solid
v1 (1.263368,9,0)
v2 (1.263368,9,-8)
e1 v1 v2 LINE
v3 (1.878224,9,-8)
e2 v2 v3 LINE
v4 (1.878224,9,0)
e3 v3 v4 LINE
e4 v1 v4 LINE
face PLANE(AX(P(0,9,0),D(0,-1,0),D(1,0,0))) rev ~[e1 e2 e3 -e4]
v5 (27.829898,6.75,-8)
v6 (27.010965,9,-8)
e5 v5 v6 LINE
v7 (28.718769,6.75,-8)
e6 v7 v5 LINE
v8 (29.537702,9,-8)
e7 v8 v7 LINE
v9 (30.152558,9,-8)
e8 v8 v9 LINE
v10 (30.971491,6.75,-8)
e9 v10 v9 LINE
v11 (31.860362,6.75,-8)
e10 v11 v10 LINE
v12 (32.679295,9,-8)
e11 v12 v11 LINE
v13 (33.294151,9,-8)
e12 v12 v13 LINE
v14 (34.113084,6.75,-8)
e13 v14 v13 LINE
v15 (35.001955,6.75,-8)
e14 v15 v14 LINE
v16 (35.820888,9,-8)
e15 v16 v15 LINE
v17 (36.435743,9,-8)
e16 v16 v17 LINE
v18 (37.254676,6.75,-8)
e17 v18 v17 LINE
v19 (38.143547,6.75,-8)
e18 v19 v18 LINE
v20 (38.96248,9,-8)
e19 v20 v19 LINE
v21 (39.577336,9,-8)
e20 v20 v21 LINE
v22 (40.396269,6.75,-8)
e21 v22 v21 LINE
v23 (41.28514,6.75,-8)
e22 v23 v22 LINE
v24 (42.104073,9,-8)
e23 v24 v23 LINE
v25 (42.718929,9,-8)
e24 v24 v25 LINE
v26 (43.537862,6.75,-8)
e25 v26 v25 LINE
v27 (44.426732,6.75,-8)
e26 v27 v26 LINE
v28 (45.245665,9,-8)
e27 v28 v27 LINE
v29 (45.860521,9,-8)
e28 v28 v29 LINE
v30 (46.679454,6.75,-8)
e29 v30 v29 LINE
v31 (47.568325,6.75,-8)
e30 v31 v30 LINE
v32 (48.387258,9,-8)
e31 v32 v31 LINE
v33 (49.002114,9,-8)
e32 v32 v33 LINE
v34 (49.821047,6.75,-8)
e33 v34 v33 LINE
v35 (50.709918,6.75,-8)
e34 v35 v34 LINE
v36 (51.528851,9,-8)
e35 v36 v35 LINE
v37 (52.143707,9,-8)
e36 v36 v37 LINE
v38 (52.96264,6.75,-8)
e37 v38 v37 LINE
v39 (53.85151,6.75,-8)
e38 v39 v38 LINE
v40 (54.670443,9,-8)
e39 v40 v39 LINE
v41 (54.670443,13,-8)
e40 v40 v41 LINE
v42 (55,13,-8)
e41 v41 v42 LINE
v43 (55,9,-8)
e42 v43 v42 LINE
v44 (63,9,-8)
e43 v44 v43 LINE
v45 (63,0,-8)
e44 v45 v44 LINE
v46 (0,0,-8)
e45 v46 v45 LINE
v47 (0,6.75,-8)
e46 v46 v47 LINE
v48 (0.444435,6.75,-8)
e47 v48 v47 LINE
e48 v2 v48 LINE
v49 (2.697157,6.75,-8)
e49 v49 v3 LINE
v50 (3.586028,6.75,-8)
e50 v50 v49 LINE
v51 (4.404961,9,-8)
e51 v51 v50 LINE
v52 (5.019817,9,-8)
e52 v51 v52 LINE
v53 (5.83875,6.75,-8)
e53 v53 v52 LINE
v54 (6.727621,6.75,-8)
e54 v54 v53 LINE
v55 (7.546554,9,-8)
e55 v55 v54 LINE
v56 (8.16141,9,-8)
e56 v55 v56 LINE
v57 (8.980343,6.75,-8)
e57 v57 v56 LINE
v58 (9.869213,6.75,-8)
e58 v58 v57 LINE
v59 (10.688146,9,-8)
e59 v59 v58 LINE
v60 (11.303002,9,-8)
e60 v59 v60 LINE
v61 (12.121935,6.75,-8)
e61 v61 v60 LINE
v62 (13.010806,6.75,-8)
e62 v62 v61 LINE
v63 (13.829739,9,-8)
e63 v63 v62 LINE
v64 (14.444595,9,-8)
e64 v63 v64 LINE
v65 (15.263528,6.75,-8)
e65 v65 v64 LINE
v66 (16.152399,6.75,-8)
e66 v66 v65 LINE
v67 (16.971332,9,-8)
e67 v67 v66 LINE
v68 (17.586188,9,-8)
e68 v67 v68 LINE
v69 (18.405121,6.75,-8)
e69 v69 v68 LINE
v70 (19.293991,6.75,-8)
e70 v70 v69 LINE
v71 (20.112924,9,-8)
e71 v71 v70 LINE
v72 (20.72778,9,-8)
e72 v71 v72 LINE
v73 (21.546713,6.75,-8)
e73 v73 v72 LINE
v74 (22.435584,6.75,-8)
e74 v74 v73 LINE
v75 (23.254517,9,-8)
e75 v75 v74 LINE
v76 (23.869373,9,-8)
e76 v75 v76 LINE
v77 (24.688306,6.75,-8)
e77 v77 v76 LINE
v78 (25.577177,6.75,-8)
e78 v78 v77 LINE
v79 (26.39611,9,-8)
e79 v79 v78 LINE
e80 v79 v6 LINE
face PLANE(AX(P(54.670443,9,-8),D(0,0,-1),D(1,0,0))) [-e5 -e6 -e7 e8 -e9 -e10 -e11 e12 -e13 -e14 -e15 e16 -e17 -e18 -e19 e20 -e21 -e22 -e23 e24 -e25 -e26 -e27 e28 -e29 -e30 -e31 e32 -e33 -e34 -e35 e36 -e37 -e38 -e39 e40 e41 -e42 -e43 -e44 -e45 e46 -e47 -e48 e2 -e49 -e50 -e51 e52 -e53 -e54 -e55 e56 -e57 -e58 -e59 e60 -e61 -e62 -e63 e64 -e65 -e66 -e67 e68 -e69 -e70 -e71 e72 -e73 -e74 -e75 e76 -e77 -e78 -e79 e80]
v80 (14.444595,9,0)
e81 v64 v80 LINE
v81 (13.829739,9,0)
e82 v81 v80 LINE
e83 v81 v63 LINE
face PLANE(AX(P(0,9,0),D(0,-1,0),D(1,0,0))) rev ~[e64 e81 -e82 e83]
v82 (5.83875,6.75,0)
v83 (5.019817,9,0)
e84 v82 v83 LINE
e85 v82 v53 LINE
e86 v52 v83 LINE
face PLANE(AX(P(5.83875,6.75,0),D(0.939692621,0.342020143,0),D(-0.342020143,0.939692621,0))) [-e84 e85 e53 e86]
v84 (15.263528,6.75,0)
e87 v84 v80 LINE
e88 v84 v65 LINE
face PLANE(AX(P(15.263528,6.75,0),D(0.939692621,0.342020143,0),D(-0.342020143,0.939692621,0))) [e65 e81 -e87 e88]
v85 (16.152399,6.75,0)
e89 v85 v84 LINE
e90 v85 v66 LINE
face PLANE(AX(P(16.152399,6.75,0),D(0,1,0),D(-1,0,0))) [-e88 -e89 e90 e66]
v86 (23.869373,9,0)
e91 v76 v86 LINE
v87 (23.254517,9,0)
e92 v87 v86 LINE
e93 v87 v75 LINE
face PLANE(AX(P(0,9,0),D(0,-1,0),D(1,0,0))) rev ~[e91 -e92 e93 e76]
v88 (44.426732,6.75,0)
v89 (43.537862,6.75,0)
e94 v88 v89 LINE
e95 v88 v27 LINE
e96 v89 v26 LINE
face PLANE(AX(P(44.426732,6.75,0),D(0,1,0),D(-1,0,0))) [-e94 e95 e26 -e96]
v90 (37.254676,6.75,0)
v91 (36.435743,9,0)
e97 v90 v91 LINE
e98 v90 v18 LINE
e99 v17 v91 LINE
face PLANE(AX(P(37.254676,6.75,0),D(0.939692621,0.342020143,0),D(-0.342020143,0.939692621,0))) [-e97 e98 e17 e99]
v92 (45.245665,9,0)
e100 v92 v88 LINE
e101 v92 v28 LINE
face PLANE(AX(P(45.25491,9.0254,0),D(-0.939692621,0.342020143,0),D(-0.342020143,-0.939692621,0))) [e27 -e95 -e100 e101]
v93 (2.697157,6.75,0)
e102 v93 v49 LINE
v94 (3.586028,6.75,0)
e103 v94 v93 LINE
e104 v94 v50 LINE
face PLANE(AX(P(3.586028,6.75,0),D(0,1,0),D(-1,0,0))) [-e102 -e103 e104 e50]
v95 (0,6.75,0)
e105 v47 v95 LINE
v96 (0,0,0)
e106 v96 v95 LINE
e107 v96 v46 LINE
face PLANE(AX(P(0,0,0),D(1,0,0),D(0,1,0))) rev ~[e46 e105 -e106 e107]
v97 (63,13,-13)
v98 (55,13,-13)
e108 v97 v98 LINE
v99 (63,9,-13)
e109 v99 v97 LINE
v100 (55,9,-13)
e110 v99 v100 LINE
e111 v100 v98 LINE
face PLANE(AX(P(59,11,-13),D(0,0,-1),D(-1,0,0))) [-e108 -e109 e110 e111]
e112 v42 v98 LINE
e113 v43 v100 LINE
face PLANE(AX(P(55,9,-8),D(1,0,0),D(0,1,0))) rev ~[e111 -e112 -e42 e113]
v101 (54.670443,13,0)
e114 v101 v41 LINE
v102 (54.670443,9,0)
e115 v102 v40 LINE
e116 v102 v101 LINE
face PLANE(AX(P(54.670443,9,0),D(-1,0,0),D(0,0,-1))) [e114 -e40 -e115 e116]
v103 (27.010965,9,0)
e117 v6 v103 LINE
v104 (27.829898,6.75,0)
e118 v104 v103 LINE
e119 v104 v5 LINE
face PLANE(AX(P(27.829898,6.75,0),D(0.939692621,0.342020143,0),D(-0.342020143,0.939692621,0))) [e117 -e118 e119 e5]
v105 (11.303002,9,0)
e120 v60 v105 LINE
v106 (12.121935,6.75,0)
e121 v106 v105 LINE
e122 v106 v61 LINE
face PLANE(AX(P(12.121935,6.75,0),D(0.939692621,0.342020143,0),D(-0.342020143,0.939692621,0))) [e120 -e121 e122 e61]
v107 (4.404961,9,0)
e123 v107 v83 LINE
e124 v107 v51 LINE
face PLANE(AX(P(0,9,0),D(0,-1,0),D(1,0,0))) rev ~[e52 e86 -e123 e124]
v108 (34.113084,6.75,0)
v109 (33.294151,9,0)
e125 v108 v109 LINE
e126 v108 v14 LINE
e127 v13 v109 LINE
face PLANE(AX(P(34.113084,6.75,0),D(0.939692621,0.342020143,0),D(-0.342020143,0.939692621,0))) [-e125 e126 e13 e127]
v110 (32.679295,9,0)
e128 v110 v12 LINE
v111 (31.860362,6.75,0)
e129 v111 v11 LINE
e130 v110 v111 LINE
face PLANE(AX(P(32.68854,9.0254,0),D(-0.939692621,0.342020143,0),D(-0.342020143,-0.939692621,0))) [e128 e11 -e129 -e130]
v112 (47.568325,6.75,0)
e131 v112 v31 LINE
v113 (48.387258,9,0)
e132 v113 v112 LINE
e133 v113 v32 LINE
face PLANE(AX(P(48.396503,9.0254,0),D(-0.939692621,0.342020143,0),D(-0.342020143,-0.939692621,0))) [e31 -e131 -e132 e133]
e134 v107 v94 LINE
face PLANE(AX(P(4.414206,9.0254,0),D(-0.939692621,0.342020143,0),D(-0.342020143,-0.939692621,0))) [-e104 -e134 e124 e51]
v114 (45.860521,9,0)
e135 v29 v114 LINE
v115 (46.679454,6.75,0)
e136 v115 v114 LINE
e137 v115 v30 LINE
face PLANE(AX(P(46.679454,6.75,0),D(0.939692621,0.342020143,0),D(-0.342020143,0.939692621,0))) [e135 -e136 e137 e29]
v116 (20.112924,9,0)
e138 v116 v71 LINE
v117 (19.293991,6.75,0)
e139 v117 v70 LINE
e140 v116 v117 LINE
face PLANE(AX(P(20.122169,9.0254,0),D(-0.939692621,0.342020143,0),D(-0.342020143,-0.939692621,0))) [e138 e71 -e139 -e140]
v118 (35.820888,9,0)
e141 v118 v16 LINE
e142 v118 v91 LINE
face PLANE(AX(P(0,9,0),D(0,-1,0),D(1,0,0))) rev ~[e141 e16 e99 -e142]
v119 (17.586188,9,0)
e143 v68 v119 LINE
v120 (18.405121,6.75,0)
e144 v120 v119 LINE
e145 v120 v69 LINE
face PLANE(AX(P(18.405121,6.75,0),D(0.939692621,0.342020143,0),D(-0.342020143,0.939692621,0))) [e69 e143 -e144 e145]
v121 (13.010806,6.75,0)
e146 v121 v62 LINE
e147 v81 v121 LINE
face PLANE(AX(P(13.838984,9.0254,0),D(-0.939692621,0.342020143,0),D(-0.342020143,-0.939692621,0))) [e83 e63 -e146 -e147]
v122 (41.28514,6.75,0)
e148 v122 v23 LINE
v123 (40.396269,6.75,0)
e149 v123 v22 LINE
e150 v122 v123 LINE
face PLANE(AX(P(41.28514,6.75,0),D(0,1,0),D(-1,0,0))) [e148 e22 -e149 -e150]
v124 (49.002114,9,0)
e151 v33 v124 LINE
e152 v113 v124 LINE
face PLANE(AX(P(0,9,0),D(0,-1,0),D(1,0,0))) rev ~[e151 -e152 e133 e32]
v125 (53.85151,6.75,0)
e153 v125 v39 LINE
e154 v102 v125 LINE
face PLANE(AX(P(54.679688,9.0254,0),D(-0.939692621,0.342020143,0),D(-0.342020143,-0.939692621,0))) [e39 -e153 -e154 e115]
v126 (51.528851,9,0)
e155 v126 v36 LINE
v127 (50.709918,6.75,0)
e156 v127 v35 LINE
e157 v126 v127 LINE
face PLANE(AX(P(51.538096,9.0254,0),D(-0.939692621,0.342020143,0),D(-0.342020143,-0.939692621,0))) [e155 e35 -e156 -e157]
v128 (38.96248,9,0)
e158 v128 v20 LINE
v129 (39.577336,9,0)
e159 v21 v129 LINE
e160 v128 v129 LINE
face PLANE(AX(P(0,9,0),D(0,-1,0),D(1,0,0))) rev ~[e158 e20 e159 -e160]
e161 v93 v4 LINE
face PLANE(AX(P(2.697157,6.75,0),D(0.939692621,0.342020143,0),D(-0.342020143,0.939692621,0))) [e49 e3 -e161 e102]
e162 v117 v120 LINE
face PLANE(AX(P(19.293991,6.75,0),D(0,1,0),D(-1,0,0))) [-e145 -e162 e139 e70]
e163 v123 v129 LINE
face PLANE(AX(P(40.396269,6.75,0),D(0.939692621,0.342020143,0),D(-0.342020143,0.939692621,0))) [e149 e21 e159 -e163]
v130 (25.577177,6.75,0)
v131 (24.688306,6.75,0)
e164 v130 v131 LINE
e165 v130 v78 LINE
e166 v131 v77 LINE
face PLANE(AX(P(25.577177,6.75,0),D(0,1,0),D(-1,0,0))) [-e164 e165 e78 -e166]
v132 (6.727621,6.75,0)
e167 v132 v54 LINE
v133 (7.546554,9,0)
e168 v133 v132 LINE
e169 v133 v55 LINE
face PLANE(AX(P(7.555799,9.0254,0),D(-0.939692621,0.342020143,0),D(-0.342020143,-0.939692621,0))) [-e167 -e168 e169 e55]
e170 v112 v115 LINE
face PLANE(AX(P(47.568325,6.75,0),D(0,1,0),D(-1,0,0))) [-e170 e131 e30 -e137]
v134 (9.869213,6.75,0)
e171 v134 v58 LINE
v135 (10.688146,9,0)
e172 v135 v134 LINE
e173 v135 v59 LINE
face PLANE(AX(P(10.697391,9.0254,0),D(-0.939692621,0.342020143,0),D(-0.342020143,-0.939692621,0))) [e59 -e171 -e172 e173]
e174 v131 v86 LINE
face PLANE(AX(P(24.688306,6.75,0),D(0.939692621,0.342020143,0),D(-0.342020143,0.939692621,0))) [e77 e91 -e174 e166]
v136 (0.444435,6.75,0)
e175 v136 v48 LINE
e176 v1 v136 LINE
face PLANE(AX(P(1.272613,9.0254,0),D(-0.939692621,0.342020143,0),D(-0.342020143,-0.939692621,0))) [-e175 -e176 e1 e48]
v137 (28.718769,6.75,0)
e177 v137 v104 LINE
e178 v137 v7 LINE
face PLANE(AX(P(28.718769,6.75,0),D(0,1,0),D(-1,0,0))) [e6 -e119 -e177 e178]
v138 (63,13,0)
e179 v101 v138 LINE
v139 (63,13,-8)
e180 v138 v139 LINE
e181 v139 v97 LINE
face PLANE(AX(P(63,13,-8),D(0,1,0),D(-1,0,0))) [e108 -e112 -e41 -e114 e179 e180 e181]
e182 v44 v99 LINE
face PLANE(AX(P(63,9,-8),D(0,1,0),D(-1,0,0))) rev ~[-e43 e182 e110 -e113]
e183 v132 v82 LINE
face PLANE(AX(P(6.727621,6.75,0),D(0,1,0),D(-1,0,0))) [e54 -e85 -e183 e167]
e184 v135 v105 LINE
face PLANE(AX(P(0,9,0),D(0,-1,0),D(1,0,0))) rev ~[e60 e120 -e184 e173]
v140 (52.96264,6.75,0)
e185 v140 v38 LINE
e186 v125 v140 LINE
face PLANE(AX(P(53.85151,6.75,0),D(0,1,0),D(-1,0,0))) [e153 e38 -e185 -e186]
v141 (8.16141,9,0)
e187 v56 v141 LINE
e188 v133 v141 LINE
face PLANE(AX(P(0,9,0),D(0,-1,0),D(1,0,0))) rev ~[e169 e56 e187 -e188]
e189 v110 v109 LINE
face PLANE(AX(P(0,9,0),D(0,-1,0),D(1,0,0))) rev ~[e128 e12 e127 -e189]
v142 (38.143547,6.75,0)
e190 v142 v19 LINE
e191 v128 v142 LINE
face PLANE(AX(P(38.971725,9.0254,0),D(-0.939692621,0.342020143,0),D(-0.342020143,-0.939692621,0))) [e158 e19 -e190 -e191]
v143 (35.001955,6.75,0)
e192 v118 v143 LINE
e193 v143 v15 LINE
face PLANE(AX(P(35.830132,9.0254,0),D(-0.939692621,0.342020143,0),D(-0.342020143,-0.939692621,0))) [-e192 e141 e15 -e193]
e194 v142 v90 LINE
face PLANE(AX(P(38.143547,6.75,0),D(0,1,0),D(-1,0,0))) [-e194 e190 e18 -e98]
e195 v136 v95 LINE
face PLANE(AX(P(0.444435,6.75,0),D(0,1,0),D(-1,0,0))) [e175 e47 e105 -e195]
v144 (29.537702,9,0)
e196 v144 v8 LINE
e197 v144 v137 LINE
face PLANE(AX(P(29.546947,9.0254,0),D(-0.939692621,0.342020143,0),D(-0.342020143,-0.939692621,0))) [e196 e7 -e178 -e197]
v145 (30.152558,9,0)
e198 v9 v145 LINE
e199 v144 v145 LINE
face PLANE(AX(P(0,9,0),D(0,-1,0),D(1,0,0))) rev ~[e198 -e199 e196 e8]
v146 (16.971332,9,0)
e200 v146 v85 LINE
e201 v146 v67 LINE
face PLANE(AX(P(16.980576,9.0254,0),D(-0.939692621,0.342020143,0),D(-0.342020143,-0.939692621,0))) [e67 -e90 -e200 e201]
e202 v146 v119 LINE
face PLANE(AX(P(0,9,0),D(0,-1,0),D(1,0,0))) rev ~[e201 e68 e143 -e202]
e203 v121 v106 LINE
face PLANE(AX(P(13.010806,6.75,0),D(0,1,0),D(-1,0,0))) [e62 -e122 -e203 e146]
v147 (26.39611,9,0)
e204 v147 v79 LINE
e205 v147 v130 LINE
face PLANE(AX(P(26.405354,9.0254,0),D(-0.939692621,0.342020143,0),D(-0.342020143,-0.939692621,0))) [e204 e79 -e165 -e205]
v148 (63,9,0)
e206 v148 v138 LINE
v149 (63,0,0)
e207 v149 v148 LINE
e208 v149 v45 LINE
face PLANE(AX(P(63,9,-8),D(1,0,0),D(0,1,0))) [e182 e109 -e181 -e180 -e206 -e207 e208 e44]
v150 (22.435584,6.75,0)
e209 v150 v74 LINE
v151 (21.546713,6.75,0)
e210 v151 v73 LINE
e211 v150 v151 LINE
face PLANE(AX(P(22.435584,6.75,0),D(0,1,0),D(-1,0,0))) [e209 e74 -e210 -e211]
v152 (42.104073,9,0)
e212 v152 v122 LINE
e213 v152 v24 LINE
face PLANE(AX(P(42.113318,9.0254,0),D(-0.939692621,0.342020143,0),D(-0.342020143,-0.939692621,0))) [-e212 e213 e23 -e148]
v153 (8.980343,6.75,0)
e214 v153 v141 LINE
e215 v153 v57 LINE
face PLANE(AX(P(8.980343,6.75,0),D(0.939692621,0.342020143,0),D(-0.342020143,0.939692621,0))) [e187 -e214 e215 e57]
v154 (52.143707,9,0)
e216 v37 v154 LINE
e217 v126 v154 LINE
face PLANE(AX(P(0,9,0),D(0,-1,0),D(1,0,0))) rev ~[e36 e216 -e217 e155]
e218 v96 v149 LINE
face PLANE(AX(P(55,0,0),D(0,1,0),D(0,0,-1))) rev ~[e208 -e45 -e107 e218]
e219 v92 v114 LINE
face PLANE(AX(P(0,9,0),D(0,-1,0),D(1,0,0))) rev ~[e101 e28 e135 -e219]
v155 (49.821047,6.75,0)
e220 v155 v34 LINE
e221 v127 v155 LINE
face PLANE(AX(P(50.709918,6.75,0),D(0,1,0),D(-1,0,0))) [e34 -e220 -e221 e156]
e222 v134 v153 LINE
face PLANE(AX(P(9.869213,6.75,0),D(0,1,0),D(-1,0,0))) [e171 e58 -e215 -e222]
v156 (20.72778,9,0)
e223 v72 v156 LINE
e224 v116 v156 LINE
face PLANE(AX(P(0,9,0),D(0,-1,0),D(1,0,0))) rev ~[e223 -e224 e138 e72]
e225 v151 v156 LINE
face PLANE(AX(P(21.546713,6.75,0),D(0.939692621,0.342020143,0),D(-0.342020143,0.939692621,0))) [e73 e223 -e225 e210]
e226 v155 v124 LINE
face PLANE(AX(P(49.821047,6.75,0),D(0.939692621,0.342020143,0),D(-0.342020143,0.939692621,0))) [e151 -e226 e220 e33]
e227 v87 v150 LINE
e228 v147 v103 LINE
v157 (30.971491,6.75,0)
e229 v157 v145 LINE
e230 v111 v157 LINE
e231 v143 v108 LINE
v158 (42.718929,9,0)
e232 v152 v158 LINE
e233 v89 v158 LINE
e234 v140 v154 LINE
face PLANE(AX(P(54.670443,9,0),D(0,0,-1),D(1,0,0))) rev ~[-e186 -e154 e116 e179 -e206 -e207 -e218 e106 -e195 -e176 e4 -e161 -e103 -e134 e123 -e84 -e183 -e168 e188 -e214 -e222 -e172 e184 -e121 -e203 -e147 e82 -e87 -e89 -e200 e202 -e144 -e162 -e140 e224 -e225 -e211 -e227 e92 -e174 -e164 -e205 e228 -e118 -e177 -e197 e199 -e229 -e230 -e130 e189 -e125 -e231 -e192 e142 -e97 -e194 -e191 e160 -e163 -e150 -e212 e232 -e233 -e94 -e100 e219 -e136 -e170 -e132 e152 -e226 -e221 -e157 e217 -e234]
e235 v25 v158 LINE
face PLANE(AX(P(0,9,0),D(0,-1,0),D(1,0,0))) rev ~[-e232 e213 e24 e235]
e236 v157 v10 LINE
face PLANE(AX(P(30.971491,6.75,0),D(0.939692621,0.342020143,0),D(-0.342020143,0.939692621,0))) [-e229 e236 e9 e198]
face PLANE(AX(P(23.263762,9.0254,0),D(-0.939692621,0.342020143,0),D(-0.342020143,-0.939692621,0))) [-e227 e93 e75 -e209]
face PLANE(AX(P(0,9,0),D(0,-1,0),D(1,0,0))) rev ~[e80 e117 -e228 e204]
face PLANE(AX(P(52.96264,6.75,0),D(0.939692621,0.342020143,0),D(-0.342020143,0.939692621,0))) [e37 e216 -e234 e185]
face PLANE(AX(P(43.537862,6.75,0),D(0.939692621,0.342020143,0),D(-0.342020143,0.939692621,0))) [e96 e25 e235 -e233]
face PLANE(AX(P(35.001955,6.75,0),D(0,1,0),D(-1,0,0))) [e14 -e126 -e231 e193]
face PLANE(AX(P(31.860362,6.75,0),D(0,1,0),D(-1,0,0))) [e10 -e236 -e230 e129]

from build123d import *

# Parameters (mm, degrees)
BLANKSKE_W          = 55
BLANKSKE_H          = 9
BLANK_DEPTH         = 8
TOOTHCUTSIM_DEPTH   = 57.302753041
TEETHCUTS_COUNT     = 18
TEETHCUTS_PITCH     = 3.14159265
SKETCH1_W           = 8
SKETCH1_H           = 9
BOSS_EXTRUDE1_DEPTH = 8
SKETCH2_W           = 8.329556553
SKETCH2_H           = 8
BOSS_EXTRUDE2_DEPTH = 4
SKETCH3_W           = 8
SKETCH3_H           = 4
BOSS_EXTRUDE3_DEPTH = 5


with BuildPart() as part:
    # BlankSke → Blank (new body)
    with BuildSketch(Plane.XY):
        with Locations((27.5, 4.5)):
            Rectangle(BLANKSKE_W, BLANKSKE_H)
    extrude(amount=-BLANK_DEPTH)

    # TooCutSkeSim → ToothCutSim (cut, through all)
    with BuildSketch(Plane.XY):
        Polygon((0.44443537, 6.75), (-0.44443537, 6.75), (-1.272613241, 9.0254), (1.272613241, 9.0254), align=None)
    toothcutsim = extrude(amount=-TOOTHCUTSIM_DEPTH, mode=Mode.SUBTRACT)

    # TeethCuts: ToothCutSim ×18
    with Locations(*[(i * TEETHCUTS_PITCH, 0, 0) for i in range(1, TEETHCUTS_COUNT)]):
        add(toothcutsim, mode=Mode.SUBTRACT)

    # Sketch1 → Boss-Extrude1 (add)
    with BuildSketch(Plane(origin=(55, 0, 0), x_dir=(0, 0, -1), z_dir=(1, 0, 0))):
        with Locations((4, 4.5)):
            Rectangle(SKETCH1_W, SKETCH1_H)
    extrude(amount=BOSS_EXTRUDE1_DEPTH)

    # Sketch2 → Boss-Extrude2 (add)
    with BuildSketch(Plane(origin=(0, 9, 0), x_dir=(1, 0, 0), z_dir=(0, 1, 0))):
        with Locations((58.835221724, 4)):
            Rectangle(SKETCH2_W, SKETCH2_H)
    extrude(amount=BOSS_EXTRUDE2_DEPTH)

    # Sketch3 → Boss-Extrude3 (add)
    with BuildSketch(Plane(origin=(0, 0, -8), x_dir=(-1, 0, 0), z_dir=(0, 0, -1))):
        with Locations((-59, 11)):
            Rectangle(SKETCH3_W, SKETCH3_H)
    extrude(amount=BOSS_EXTRUDE3_DEPTH)


solid = part.part
